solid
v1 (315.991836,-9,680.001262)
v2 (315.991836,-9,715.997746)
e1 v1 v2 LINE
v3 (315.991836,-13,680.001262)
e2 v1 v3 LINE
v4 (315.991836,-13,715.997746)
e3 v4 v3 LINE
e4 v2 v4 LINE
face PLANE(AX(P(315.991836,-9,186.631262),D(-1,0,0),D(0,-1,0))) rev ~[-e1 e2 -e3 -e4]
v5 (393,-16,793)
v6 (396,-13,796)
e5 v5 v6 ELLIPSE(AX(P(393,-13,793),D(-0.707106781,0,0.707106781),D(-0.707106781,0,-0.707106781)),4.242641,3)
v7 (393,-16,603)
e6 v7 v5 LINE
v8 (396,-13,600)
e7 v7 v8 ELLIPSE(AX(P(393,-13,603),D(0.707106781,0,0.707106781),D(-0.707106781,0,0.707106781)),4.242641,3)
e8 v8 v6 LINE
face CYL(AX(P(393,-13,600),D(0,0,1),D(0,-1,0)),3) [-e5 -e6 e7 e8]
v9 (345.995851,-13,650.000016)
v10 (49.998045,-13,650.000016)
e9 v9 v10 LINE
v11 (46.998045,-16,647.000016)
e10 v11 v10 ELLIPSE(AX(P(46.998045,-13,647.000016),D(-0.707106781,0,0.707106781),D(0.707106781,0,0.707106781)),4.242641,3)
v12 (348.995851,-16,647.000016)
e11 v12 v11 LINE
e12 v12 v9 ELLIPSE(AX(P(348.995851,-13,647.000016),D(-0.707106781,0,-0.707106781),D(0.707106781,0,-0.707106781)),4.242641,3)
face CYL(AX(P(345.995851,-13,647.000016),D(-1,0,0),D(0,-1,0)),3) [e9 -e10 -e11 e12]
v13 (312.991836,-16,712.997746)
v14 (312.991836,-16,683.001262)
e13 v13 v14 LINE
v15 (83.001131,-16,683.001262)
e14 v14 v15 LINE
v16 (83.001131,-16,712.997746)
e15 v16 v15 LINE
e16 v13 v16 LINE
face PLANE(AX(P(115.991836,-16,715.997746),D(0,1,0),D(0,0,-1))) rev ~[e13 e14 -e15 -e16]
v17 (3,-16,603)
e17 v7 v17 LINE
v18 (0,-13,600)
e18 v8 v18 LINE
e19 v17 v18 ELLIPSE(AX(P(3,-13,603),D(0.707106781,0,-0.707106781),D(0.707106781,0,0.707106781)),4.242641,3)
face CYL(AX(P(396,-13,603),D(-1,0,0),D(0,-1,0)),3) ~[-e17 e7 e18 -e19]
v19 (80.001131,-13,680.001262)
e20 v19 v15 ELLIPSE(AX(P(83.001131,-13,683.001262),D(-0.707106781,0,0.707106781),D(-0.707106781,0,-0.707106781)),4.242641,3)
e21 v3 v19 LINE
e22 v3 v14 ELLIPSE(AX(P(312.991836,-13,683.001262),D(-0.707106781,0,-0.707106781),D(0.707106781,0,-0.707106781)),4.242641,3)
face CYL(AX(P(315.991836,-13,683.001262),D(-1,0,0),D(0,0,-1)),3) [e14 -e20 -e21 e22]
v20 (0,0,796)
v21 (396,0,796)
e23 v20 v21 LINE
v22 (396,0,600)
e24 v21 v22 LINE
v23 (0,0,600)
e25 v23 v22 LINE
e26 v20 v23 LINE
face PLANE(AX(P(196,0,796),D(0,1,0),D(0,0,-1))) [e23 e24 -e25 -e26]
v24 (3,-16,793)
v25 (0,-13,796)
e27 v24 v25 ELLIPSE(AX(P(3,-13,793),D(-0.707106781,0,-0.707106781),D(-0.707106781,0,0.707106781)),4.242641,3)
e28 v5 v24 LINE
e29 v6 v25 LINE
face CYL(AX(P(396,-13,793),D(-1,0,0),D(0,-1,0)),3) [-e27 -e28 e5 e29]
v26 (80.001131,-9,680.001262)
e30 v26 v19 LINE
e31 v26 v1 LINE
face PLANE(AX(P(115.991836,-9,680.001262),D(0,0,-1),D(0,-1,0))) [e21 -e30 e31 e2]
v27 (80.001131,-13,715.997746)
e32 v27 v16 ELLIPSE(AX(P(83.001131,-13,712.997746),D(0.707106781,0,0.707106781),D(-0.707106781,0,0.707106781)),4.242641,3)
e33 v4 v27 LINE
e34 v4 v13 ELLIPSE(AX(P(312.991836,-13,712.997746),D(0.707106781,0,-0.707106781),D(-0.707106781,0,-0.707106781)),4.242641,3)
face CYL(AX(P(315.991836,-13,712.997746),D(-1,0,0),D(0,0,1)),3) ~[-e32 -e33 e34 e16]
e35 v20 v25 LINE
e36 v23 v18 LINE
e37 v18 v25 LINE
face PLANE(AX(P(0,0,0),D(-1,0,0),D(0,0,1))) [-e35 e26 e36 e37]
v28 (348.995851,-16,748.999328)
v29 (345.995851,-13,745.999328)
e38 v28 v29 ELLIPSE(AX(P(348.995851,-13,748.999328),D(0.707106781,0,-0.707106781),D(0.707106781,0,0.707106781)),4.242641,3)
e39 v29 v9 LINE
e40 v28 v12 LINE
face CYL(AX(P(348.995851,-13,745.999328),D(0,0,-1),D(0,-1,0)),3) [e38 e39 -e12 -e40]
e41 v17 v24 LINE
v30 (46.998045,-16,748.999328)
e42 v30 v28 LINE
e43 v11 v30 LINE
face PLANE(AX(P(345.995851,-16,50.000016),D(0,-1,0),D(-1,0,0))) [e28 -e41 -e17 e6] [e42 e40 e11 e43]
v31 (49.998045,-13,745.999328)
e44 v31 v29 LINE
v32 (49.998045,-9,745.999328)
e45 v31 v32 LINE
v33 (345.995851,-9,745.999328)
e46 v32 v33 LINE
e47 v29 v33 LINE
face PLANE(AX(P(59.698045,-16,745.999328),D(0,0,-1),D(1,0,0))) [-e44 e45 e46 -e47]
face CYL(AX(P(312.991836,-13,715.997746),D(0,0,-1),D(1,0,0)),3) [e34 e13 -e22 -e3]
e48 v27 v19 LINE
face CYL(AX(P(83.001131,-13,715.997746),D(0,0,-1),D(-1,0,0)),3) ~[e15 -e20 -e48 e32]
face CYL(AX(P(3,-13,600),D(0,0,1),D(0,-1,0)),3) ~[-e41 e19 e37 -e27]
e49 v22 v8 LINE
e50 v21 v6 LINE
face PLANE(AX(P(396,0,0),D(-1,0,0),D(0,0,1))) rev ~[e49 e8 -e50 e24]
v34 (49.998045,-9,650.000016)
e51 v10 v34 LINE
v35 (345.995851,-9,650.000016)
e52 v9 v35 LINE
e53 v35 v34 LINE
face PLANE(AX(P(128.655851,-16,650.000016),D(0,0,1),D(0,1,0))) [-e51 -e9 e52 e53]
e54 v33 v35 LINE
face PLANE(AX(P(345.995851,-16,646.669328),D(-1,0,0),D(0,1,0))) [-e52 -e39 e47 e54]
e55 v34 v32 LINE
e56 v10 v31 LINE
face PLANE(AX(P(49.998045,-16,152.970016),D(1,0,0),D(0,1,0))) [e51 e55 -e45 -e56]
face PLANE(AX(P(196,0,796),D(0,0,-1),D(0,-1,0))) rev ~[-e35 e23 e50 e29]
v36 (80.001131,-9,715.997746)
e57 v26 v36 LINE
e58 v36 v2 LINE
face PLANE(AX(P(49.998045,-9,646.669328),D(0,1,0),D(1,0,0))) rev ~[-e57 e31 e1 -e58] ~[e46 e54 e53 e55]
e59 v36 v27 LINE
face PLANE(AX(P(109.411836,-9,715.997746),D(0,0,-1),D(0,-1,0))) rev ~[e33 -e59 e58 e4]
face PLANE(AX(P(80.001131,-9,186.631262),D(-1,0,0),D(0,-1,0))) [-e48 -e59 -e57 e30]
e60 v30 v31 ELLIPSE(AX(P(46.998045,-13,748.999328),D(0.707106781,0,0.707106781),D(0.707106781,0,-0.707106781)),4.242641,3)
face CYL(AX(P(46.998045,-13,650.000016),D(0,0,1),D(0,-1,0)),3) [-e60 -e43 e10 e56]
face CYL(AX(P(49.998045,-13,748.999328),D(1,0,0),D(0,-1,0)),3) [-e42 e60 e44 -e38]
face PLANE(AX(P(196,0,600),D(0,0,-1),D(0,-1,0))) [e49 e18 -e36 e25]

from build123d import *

# Parameters (mm, degrees)
F0_W      = 44.656470418
F0_H      = 33.8078811765
F1_DEPTH  = 16
F2_DEPTH  = 796
F3_DEPTH  = 196
F4_W      = 68.9578056335
F4_H      = 493.6993122101
F5_DEPTH  = 7
F6_DEPTH  = 9.7
F7_DEPTH  = 99.33
F8_DEPTH  = 99.33
F9_DEPTH  = 17.34
F10_DEPTH = 102.97
F11_W     = 35.2807044983
F11_H     = 492.0964837074
F12_DEPTH = 7
F13_DEPTH = 37.27
F14_DEPTH = 6.58
F15_DEPTH = 106.63
F16_DEPTH = 5.87
F17_DEPTH = 200
F18_DEPTH = 200
F19_DEPTH = 200
F20_DEPTH = 600
F21_DEPTH = 600
F22_DEPTH = 600
F23_R     = 3


with BuildPart() as f1:
    # F0 (on Front) → F1 (new body)
    with BuildSketch(Plane.XZ):
        with Locations((22.328235209, 16.9039405882)):
            Rectangle(F0_W, F0_H)
    extrude(amount=F1_DEPTH)

    # F2 (add): a face of the model
    f2_faces = [f1.faces().sort_by_distance(p)[0] for p in [
        (22.328235209, -8, 0),
    ]]
    extrude(f2_faces, amount=-F2_DEPTH)

    # F3 (add): a face of the model
    f3_faces = [f1.faces().sort_by_distance(p)[0] for p in [
        (0, -8, 398),
    ]]
    extrude(f3_faces, amount=-F3_DEPTH)

    # F4 (on face) → F5 (cut)
    with BuildSketch(Plane.XZ.offset(16)):
        with Locations((94.1769480705, 399.8196721077)):
            Rectangle(F4_W, F4_H)
    extrude(amount=-F5_DEPTH, mode=Mode.SUBTRACT)

    # F6 (cut): a face of the model
    f6_faces = [f1.faces().sort_by_distance(p)[0] for p in [
        (59.6980452538, -12.5, 399.8196721077),
    ]]
    extrude(f6_faces, amount=-F6_DEPTH, mode=Mode.SUBTRACT)

    # F7 (add): a face of the model
    f7_faces = [f1.faces().sort_by_distance(p)[0] for p in [
        (89.3269480705, -12.5, 646.6693282127),
    ]]
    extrude(f7_faces, amount=-F7_DEPTH)

    # F8 (cut): a face of the model
    f8_faces = [f1.faces().sort_by_distance(p)[0] for p in [
        (89.3269480705, -12.5, 646.6693282127),
    ]]
    extrude(f8_faces, amount=-F8_DEPTH, mode=Mode.SUBTRACT)

    # F9 (cut): a face of the model
    f9_faces = [f1.faces().sort_by_distance(p)[0] for p in [
        (128.6558508873, -12.5, 449.4846721077),
    ]]
    extrude(f9_faces, amount=-F9_DEPTH, mode=Mode.SUBTRACT)

    # F10 (cut): a face of the model
    f10_faces = [f1.faces().sort_by_distance(p)[0] for p in [
        (97.9969480705, -12.5, 152.9700160027),
    ]]
    extrude(f10_faces, amount=-F10_DEPTH, mode=Mode.SUBTRACT)

    # F11 (on face) → F12 (join)
    with BuildSketch(Plane.XZ.offset(9)):
        with Locations((91.7714834213, 432.6795041561)):
            Rectangle(F11_W, F11_H)
    extrude(amount=F12_DEPTH)

    # F13 (add): a face of the model
    f13_faces = [f1.faces().sort_by_distance(p)[0] for p in [
        (91.7714834213, -12.5, 678.7277460098),
    ]]
    extrude(f13_faces, amount=F13_DEPTH)

    # F14 (add): a face of the model
    f14_faces = [f1.faces().sort_by_distance(p)[0] for p in [
        (109.4118356705, -12.5, 451.3145041561),
    ]]
    extrude(f14_faces, amount=F14_DEPTH)

    # F15 (add): a face of the model
    f15_faces = [f1.faces().sort_by_distance(p)[0] for p in [
        (95.0614834213, -12.5, 186.6312623024),
    ]]
    extrude(f15_faces, amount=F15_DEPTH)

    # F16 (cut): a face of the model
    f16_faces = [f1.faces().sort_by_distance(p)[0] for p in [
        (74.1311311722, -12.5, 397.9995041561),
    ]]
    extrude(f16_faces, amount=-F16_DEPTH, mode=Mode.SUBTRACT)

    # F17 (add): a face of the model
    f17_faces = [f1.faces().sort_by_distance(p)[0] for p in [
        (196, -8, 398),
    ]]
    extrude(f17_faces, amount=F17_DEPTH)

    # F18 (cut): a face of the model
    f18_faces = [f1.faces().sort_by_distance(p)[0] for p in [
        (145.9958508873, -12.5, 397.9996721077),
    ]]
    extrude(f18_faces, amount=-F18_DEPTH, mode=Mode.SUBTRACT)

    # F19 (add): a face of the model
    f19_faces = [f1.faces().sort_by_distance(p)[0] for p in [
        (115.9918356705, -12.5, 397.9995041561),
    ]]
    extrude(f19_faces, amount=F19_DEPTH)

    # F20 (cut): a face of the model
    f20_faces = [f1.faces().sort_by_distance(p)[0] for p in [
        (197.9964834213, -12.5, 80.0012623024),
    ]]
    extrude(f20_faces, amount=-F20_DEPTH, mode=Mode.SUBTRACT)

    # F21 (add): a face of the model
    f21_faces = [f1.faces().sort_by_distance(p)[0] for p in [
        (197.9969480705, -12.5, 50.0000160027),
    ]]
    extrude(f21_faces, amount=F21_DEPTH)

    # F22 (cut): a face of the model
    f22_faces = [f1.faces().sort_by_distance(p)[0] for p in [
        (198, -8, 0),
    ]]
    extrude(f22_faces, amount=-F22_DEPTH, mode=Mode.SUBTRACT)

    # F23
    f23_edges = [f1.edges().sort_by_distance(p)[0] for p in [
        (0, -16, 698),
        (198, -16, 796),
        (396, -16, 698),
        (198, -16, 600),
        (197.996948, -16, 745.999328),
        (49.998045, -16, 697.999672),
        (345.995851, -16, 697.999672),
        (197.996948, -16, 650.000016),
        (197.996483, -16, 715.997746),
        (315.991836, -16, 697.999504),
        (197.996483, -16, 680.001262),
        (80.001131, -16, 697.999504),
    ]]
    fillet(f23_edges, radius=F23_R)


solid = f1.part
